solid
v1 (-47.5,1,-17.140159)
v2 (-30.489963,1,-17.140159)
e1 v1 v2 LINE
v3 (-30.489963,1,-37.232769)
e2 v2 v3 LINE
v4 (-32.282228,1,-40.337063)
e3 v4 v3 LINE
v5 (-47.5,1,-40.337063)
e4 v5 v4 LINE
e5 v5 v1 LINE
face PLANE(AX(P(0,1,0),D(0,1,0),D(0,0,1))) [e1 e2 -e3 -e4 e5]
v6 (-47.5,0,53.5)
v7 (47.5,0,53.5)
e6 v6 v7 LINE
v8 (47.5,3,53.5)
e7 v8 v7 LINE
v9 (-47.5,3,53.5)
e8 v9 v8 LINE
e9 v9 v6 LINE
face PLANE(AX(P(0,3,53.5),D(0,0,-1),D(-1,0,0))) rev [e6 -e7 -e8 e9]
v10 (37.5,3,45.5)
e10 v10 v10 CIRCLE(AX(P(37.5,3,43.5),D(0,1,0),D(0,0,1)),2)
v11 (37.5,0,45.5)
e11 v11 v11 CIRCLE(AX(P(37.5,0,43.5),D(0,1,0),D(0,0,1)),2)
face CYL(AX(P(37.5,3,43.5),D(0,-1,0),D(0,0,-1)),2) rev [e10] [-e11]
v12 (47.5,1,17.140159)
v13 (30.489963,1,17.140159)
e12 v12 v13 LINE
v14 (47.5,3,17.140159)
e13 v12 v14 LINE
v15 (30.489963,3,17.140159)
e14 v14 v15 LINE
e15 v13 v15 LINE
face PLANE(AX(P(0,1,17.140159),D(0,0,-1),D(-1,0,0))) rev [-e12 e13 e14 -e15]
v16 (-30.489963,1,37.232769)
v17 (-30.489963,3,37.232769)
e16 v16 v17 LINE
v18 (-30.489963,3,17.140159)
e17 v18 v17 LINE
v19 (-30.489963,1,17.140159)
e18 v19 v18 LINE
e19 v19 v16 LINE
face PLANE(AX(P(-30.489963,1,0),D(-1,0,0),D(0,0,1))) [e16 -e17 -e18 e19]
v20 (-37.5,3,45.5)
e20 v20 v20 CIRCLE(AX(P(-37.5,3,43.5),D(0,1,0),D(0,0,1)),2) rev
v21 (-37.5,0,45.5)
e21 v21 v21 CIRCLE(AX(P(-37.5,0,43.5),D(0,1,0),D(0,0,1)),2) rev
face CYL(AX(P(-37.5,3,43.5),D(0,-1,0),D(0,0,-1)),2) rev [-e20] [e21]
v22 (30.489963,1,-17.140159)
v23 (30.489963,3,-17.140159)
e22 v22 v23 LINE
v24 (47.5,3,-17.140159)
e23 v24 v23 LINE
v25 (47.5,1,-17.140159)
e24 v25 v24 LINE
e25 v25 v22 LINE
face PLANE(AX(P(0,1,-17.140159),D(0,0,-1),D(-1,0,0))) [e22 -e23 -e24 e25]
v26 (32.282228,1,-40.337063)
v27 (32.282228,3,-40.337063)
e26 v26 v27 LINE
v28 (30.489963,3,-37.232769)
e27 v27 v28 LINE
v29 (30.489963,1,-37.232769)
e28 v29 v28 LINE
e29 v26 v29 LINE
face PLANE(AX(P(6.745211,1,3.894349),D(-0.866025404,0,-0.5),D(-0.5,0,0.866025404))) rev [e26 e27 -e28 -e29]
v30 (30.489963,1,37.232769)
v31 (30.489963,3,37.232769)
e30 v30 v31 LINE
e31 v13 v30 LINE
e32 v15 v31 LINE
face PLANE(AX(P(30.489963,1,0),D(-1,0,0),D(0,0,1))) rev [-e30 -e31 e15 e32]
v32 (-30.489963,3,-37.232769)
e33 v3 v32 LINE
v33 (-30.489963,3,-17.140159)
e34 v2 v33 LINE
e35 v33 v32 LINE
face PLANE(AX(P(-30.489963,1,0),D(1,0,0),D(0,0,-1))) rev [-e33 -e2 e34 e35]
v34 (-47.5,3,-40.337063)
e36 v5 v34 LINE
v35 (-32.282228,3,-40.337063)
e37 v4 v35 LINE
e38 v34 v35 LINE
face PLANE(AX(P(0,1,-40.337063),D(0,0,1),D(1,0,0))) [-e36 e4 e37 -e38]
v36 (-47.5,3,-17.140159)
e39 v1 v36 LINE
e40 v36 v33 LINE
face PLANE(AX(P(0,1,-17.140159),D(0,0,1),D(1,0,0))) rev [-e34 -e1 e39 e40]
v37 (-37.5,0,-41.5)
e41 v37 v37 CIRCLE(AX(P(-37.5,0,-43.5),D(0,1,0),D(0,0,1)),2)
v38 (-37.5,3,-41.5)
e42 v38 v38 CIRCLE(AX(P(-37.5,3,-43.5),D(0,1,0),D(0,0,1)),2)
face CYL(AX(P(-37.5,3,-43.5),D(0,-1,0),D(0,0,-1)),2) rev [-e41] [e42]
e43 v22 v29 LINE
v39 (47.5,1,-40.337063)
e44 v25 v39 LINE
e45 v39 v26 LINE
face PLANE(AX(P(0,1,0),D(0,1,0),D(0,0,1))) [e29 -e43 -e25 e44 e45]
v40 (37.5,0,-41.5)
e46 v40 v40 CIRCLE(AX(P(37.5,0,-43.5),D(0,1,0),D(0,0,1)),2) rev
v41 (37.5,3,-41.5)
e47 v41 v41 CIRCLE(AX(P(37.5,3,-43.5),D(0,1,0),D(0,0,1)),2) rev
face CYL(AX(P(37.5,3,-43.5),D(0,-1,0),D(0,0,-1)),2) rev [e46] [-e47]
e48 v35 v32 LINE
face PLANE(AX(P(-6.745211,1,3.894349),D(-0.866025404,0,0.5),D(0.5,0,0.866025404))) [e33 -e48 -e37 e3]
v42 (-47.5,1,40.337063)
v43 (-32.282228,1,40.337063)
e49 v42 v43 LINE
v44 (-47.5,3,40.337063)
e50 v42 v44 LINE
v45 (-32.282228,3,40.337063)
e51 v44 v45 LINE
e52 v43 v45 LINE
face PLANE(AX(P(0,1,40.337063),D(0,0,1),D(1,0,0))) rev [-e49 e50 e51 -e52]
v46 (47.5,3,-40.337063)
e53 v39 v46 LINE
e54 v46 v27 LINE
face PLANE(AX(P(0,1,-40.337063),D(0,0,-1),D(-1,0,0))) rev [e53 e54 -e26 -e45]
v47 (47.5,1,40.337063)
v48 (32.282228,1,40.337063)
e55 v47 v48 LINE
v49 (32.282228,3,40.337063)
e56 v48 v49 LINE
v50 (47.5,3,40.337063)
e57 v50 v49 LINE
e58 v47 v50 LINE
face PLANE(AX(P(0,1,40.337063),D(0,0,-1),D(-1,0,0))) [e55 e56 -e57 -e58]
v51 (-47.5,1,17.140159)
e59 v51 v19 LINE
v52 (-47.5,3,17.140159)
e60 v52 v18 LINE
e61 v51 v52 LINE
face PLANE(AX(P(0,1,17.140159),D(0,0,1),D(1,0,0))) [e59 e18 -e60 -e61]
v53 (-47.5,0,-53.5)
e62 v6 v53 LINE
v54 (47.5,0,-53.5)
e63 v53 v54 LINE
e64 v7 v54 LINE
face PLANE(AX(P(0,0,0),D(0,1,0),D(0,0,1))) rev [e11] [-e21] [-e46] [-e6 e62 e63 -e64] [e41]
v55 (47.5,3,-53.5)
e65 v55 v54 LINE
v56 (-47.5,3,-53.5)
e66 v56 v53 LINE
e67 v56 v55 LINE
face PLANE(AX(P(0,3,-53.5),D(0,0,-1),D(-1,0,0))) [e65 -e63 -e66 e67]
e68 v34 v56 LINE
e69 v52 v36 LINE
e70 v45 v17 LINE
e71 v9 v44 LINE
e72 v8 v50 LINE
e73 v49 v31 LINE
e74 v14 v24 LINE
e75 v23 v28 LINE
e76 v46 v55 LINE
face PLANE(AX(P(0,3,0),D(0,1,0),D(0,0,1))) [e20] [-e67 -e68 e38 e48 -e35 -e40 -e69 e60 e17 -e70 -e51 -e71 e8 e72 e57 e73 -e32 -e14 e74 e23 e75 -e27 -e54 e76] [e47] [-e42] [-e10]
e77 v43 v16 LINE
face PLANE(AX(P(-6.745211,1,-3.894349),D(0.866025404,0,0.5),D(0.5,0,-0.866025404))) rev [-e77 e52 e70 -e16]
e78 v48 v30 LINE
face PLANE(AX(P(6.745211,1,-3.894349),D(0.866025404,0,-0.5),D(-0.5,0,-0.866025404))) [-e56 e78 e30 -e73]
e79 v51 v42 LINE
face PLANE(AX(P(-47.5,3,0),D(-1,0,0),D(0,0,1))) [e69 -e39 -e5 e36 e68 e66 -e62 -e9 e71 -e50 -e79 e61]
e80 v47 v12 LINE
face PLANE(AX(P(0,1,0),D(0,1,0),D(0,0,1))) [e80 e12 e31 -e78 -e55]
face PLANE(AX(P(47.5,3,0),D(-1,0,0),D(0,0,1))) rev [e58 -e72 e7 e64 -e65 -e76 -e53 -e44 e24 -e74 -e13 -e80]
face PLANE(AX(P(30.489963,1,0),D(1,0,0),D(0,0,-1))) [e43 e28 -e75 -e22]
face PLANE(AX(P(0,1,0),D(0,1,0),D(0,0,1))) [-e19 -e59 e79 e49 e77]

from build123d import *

# Parameters (mm, degrees)
SKETCH2_R           = 2
BOSS_EXTRUDE1_DEPTH = 3
CUT_EXTRUDE1_DEPTH  = 2


with BuildPart() as part:
    # Sketch2 → Boss-Extrude1 (new body)
    # profile 1 of 2: a face of its own
    with BuildSketch(Plane(origin=(0, 0, 0), x_dir=(1, 0, 0), z_dir=(0, 1, 0))):
        with BuildLine():
            ThreePointArc((37.5, -45.5), (36.085786438, -42.085786438), (39.5, -43.5))
            Line((39.5, -43.5), (47.5, -43.5))
            Line((47.5, -43.5), (47.5, 53.5))
            Line((47.5, 53.5), (-47.5, 53.5))
            Line((-47.5, 53.5), (-47.5, -53.5))
            Line((-47.5, -53.5), (37.5, -53.5))
            Line((37.5, -53.5), (37.5, -45.5))
        make_face()
        with Locations(Location((-37.5, -43.5, 0), (0, 0, 270))):
            Circle(SKETCH2_R, mode=Mode.SUBTRACT)
        with Locations(Location((-37.5, 43.5, 0), (0, 0, 270))):
            Circle(SKETCH2_R, mode=Mode.SUBTRACT)
        with Locations(Location((37.5, 43.5, 0), (0, 0, 270))):
            Circle(SKETCH2_R, mode=Mode.SUBTRACT)
    # profile 2 of 2: a face of its own
    with BuildSketch(Plane(origin=(0, 0, 0), x_dir=(1, 0, 0), z_dir=(0, 1, 0))):
        with BuildLine():
            Line((47.5, -43.5), (39.5, -43.5))
            ThreePointArc((39.5, -43.5), (38.914213562, -44.914213562), (37.5, -45.5))
            Line((37.5, -45.5), (37.5, -53.5))
            Line((37.5, -53.5), (47.5, -53.5))
            Line((47.5, -53.5), (47.5, -43.5))
        make_face()
    extrude(amount=BOSS_EXTRUDE1_DEPTH)

    # Sketch3 → Cut-Extrude1 (cut)
    with BuildSketch(Plane(origin=(0, 3, 0), x_dir=(1, 0, 0), z_dir=(0, 1, 0))):
        Polygon((-47.5, 40.237063088), (-47.5, 17.240159463), (-47.5, 17.140159463), (-30.489963443, 17.140159463), (-30.489963443, 37.232769094), (-32.282228416, 40.337063088), (-47.5, 40.337063088), align=None)
        Polygon((47.5, 40.337063088), (32.282228416, 40.337063088), (30.489963443, 37.232769094), (30.489963443, 17.140159463), (47.5, 17.140159463), (47.5, 17.240159463), (47.5, 40.237063088), align=None)
        Polygon((47.5, -17.240159463), (47.5, -17.140159463), (30.489963443, -17.140159463), (30.489963443, -37.232769094), (32.282228416, -40.337063088), (47.5, -40.337063088), (47.5, -40.237063088), align=None)
        Polygon((-30.489963443, -17.140159463), (-47.5, -17.140159463), (-47.5, -17.240159463), (-47.5, -40.237063088), (-47.5, -40.337063088), (-32.282228416, -40.337063088), (-30.489963443, -37.232769094), align=None)
    extrude(amount=-CUT_EXTRUDE1_DEPTH, mode=Mode.SUBTRACT)


solid = part.part
